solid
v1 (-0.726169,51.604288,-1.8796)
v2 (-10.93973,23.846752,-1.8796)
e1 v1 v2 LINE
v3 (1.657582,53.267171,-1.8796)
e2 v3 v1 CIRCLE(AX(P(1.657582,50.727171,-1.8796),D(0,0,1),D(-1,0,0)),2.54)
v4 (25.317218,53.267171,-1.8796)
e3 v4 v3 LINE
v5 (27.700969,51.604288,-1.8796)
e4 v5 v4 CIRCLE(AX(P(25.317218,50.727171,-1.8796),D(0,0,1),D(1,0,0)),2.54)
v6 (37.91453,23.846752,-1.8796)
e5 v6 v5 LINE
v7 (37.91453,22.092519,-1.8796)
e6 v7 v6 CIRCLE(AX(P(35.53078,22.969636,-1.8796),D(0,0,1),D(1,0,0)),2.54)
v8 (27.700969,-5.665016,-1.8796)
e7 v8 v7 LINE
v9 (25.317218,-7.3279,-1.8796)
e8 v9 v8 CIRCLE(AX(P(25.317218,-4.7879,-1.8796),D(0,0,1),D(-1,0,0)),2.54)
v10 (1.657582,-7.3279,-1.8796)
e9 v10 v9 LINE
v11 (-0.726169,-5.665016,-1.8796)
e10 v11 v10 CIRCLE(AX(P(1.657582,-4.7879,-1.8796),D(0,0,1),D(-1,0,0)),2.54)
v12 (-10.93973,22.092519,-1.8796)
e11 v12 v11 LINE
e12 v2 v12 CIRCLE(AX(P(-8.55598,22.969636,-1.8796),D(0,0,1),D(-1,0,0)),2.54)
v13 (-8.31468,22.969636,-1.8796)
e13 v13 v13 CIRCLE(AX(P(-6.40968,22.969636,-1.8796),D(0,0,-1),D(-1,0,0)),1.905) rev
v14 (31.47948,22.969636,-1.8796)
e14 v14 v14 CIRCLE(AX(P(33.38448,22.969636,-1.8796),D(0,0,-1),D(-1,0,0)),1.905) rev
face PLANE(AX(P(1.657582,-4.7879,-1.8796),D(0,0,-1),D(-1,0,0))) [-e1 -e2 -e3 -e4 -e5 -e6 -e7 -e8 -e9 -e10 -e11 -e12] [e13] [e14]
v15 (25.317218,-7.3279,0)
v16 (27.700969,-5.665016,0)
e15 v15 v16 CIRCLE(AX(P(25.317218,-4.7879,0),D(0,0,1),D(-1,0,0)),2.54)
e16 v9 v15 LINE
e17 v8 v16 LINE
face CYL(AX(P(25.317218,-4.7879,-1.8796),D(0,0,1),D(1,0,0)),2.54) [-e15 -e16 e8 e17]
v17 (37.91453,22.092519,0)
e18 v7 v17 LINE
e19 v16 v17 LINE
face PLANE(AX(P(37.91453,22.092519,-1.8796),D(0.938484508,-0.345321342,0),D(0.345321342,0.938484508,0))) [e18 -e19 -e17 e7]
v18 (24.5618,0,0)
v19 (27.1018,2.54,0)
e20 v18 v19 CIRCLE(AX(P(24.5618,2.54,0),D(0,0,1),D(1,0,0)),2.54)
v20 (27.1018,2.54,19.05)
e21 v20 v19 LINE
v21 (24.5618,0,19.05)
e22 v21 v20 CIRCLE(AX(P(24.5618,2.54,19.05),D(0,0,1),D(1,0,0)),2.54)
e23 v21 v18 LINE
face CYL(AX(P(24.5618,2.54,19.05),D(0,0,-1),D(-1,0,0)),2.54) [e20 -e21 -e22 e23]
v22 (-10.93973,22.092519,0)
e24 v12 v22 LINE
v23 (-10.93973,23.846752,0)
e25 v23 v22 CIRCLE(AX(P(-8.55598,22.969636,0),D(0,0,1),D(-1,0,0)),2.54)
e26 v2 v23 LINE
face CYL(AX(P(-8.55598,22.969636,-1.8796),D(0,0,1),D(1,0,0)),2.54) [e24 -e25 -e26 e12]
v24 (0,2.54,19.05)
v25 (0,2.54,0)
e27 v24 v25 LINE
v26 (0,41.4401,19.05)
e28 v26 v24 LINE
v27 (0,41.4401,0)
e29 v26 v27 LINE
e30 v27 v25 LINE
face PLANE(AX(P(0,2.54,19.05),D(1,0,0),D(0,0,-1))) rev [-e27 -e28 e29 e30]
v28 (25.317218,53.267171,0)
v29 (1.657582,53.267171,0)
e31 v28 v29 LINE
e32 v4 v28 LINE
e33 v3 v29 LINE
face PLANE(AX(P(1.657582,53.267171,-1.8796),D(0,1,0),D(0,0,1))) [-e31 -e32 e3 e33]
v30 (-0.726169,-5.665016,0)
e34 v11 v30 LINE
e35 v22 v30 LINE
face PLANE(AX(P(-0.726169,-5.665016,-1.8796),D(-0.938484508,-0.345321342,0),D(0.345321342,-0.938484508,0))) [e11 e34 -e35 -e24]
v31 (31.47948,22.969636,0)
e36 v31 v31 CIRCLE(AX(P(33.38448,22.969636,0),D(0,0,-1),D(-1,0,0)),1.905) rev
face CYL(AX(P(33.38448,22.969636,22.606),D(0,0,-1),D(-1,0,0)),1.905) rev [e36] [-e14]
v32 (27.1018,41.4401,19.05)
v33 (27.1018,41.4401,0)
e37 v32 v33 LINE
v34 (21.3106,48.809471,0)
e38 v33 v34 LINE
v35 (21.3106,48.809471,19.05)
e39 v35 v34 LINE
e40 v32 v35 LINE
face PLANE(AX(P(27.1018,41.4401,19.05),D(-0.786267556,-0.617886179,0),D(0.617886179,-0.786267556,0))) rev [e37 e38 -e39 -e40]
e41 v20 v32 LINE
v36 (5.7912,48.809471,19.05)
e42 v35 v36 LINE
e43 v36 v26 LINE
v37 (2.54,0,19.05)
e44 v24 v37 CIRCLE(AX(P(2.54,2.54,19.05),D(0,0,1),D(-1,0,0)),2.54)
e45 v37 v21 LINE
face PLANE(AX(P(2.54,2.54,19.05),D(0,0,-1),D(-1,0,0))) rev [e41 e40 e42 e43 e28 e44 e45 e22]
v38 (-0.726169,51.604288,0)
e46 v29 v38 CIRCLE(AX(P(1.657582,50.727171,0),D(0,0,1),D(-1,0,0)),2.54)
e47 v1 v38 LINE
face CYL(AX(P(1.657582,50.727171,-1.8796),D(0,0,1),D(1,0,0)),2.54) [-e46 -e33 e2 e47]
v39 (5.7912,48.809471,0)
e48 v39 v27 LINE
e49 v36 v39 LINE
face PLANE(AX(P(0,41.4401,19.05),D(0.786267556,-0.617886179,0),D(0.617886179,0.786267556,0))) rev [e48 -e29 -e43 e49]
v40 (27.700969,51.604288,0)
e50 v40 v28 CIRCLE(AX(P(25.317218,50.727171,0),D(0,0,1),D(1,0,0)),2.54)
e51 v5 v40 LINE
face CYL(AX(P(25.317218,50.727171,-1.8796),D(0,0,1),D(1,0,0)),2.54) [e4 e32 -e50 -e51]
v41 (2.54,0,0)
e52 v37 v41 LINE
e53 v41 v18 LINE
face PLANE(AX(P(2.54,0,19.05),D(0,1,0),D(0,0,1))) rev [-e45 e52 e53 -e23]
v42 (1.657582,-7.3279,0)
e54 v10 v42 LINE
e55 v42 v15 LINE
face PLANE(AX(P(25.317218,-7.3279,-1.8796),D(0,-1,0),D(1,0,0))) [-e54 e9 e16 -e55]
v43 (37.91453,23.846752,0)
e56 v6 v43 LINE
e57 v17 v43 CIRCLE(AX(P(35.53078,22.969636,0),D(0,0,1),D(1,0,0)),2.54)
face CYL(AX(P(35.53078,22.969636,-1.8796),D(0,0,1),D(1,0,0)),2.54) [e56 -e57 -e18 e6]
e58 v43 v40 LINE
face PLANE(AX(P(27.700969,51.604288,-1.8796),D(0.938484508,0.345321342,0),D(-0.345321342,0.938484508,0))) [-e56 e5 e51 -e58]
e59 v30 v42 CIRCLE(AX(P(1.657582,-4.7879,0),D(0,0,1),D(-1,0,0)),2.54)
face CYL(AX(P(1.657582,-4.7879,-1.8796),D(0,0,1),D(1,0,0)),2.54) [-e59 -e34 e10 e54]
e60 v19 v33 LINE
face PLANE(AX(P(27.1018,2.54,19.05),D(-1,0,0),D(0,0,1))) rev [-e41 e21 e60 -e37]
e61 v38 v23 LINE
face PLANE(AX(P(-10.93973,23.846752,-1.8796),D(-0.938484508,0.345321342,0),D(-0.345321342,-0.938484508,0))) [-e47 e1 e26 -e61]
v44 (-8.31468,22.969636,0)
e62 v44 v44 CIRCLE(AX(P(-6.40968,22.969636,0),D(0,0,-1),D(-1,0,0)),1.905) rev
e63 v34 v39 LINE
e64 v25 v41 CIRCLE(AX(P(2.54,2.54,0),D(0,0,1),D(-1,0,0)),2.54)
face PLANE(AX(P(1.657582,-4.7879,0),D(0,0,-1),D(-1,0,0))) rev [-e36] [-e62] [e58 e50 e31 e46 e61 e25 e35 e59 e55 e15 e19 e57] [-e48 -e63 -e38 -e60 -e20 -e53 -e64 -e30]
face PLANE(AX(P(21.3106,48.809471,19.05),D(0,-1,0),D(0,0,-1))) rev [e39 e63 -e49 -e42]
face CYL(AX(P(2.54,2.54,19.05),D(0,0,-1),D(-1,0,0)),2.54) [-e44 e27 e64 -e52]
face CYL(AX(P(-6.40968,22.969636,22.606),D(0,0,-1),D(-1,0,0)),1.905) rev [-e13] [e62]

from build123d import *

# Parameters (mm, degrees)
BOSS_EXTRUDE1_DEPTH     = 19.05
BOSS_EXTRUDE2_DEPTH     = 1.8796
CUT_EXTRUDE1_DEPTH      = 22.606
CUT_EXTRUDE1_DEPTH_BACK = 20.4216
SKETCH6_R               = 1.905


with BuildPart() as part:
    # Sketch1 → Boss-Extrude1 (new body)
    with BuildSketch(Plane.XY):
        with BuildLine():
            Line((2.54, 0), (24.5618, 0))
            ThreePointArc((24.5618, 0), (26.357851224, 0.743948776), (27.1018, 2.54))
            Line((27.1018, 2.54), (27.1018, 41.4401))
            Line((27.1018, 41.4401), (21.3106, 48.809471297))
            Line((21.3106, 48.809471297), (5.7912, 48.809471297))
            Line((5.7912, 48.809471297), (0, 41.4401))
            Line((0, 41.4401), (0, 2.54))
            ThreePointArc((0, 2.54), (0.743948776, 0.743948776), (2.54, 0))
        make_face()
    extrude(amount=BOSS_EXTRUDE1_DEPTH)

    # Sketch2 → Boss-Extrude2 (add)
    with BuildSketch(Plane.XY):
        with BuildLine():
            Line((1.657581985, 53.267171297), (25.317218015, 53.267171297))
            ThreePointArc((25.317218015, 53.267171297), (26.770442849, 52.81037498), (27.700968665, 51.604287506))
            Line((27.700968665, 51.604287506), (37.914530402, 23.846751857))
            ThreePointArc((37.914530402, 23.846751857), (38.070779753, 22.969635649), (37.914530402, 22.09251944))
            Line((37.914530402, 22.09251944), (27.700968665, -5.665016208))
            ThreePointArc((27.700968665, -5.665016208), (26.770442849, -6.871103683), (25.317218015, -7.3279))
            Line((25.317218015, -7.3279), (1.657581985, -7.3279))
            ThreePointArc((1.657581985, -7.3279), (0.204357151, -6.871103683), (-0.726168665, -5.665016208))
            Line((-0.726168665, -5.665016208), (-10.939730402, 22.09251944))
            ThreePointArc((-10.939730402, 22.09251944), (-11.095979753, 22.969635649), (-10.939730402, 23.846751857))
            Line((-10.939730402, 23.846751857), (-0.726168665, 51.604287506))
            ThreePointArc((-0.726168665, 51.604287506), (0.204357151, 52.81037498), (1.657581985, 53.267171297))
        make_face()
    extrude(amount=-BOSS_EXTRUDE2_DEPTH)

    # Sketch6 → Cut-Extrude1 (cut, two sides: drawn at the far end of the back side and taken through both)
    with BuildSketch(Plane.XY.offset(-CUT_EXTRUDE1_DEPTH_BACK)):
        with Locations(Location((33.384479753, 22.969635649, 0), (0, 0, 180))):
            Circle(SKETCH6_R)
        with Locations(Location((-6.409679753, 22.969635649, 0), (0, 0, 180))):
            Circle(SKETCH6_R)
    extrude(amount=CUT_EXTRUDE1_DEPTH + CUT_EXTRUDE1_DEPTH_BACK, mode=Mode.SUBTRACT)


solid = part.part
